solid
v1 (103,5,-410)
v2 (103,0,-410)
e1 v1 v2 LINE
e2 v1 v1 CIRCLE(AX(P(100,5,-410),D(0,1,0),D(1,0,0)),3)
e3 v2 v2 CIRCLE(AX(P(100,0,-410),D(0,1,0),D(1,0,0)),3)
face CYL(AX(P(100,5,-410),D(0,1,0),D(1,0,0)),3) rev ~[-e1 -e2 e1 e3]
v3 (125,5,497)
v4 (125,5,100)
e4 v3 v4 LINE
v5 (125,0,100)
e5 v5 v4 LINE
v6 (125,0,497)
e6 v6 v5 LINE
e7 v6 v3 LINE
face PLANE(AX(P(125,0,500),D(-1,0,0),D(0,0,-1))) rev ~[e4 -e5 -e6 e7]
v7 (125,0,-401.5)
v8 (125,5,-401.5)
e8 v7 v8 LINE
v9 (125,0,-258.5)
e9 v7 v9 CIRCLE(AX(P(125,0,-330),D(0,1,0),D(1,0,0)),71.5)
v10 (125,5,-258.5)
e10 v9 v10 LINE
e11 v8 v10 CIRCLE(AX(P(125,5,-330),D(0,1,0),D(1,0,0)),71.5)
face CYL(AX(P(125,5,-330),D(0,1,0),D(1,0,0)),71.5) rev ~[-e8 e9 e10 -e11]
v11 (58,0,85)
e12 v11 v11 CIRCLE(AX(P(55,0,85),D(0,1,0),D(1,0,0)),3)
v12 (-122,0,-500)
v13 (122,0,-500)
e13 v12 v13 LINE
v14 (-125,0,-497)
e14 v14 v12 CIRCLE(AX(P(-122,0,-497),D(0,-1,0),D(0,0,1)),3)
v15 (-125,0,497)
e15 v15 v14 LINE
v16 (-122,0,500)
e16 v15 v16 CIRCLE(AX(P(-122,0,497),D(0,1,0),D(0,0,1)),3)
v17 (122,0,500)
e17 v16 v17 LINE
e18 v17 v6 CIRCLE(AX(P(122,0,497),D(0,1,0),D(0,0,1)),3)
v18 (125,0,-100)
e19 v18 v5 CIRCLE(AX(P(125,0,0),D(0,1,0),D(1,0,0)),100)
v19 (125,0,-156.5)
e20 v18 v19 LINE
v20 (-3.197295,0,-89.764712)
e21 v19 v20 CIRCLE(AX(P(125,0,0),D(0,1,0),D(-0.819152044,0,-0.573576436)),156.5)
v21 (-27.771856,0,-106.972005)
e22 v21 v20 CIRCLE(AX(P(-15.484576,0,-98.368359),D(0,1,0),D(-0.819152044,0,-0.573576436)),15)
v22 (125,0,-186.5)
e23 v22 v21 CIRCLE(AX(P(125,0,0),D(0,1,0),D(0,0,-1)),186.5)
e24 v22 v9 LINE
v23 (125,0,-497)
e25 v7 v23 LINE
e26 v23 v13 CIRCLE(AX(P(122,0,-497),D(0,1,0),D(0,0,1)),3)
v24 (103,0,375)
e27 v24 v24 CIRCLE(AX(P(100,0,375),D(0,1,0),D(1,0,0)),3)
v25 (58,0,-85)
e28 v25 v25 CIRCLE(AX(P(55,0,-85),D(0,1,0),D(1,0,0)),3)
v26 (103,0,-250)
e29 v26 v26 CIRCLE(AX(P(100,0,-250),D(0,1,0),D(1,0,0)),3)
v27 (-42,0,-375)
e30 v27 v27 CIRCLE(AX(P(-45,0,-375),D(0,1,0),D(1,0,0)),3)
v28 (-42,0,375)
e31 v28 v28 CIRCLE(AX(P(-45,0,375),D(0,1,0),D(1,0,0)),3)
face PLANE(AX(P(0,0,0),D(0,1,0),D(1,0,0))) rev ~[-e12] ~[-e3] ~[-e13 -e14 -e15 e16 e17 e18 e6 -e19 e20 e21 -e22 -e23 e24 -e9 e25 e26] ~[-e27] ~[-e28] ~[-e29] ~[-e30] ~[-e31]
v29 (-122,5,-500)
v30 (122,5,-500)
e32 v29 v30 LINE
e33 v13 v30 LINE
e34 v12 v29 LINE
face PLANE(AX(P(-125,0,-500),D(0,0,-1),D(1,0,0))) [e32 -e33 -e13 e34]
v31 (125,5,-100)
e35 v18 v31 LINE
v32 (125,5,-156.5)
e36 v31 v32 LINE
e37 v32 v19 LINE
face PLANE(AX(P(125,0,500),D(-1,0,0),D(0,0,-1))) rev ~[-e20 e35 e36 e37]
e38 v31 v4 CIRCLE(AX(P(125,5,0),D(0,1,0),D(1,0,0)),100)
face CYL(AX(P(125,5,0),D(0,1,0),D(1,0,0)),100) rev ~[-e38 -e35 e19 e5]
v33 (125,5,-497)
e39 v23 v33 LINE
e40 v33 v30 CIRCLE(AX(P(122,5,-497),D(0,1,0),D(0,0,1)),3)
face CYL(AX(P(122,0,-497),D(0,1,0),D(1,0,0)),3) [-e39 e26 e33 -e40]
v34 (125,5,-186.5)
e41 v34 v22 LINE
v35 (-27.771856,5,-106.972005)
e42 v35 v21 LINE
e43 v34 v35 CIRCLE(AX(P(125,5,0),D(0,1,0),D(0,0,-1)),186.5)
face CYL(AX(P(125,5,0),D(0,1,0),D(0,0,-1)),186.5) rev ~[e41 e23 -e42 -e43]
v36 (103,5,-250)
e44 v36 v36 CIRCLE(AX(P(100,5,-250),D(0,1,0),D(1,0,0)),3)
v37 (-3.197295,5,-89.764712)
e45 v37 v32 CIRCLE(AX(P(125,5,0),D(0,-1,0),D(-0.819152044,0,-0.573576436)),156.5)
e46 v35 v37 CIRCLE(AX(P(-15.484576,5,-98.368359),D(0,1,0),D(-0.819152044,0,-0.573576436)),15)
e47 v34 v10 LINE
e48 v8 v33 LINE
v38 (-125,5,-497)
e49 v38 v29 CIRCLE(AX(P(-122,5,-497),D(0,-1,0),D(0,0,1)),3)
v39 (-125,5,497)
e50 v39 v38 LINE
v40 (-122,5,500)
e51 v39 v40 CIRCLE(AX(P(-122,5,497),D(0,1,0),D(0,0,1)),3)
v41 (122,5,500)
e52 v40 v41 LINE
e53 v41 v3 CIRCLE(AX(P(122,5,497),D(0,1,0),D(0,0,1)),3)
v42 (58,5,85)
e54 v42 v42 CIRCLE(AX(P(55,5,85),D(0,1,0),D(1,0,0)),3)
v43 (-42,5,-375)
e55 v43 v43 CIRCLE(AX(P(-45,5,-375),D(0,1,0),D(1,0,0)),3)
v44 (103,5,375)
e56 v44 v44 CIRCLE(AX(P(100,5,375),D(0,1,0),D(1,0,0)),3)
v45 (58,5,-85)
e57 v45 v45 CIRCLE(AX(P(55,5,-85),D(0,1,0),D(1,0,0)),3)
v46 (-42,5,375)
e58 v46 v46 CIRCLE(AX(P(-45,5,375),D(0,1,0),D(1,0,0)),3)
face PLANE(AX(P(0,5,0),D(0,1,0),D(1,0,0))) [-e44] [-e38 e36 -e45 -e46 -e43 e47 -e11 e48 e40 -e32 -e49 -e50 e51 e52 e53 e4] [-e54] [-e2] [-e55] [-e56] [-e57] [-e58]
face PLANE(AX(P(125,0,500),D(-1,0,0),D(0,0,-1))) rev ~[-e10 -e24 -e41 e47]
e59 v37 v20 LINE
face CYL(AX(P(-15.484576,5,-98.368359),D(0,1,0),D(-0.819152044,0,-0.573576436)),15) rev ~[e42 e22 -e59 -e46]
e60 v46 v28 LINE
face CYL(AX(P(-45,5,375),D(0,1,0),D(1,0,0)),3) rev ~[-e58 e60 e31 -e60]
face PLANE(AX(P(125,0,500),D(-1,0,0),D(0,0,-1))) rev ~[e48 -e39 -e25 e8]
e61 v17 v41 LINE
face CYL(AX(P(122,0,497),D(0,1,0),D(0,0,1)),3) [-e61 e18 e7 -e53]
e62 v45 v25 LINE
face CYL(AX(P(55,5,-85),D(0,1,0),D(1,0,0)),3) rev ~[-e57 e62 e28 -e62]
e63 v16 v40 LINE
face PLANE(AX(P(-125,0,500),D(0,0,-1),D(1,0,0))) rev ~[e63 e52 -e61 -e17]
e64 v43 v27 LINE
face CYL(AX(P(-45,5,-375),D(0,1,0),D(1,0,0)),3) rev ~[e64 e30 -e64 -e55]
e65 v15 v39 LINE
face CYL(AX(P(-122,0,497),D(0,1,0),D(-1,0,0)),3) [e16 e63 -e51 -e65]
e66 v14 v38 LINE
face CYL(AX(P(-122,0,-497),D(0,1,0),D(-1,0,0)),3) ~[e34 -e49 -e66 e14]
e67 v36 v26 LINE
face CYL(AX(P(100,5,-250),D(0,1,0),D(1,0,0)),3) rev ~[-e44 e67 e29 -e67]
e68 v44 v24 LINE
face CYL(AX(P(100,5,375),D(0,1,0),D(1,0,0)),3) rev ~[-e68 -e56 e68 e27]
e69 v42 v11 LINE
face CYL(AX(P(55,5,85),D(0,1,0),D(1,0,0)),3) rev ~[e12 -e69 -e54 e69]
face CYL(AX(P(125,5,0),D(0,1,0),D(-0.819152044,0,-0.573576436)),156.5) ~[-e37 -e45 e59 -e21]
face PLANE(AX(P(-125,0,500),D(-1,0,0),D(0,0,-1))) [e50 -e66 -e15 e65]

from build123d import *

# Parameters (mm, degrees)
SKETCH1_W           = 250
SKETCH1_H           = 1000
BOSS_EXTRUDE1_DEPTH = 5
FILLET1_R           = 3
CUT_EXTRUDE2_REACH  = 7
SKETCH3_R           = 71.5
SKETCH3_R_2         = 100
SKETCH3_R_3         = 3


with BuildPart() as part:
    # Sketch1 → Boss-Extrude1 (new body)
    with BuildSketch(Plane(origin=(0, 0, 0), x_dir=(1, 0, 0), z_dir=(0, 1, 0))):
        Rectangle(SKETCH1_W, SKETCH1_H)
    extrude(amount=BOSS_EXTRUDE1_DEPTH)

    # Fillet1
    fillet1_edges = [part.edges().sort_by_distance(p)[0] for p in [
        (125, 2.5, 500),
        (-125, 2.5, 500),
        (-125, 2.5, -500),
        (125, 2.5, -500),
    ]]
    fillet(fillet1_edges, radius=FILLET1_R)

    # Sketch3 → Cut-Extrude2 (cut, up to next)
    with BuildSketch(Plane(origin=(0, 5, 0), x_dir=(1, 0, 0), z_dir=(0, 1, 0)), mode=Mode.PRIVATE) as cut_extrude2_sk1:
        with Locations((125, 330)):
            Circle(SKETCH3_R)
    cut_extrude2_tool1 = extrude(cut_extrude2_sk1.sketch, amount=-CUT_EXTRUDE2_REACH, mode=Mode.PRIVATE) & part.part
    add(cut_extrude2_tool1.solids().sort_by_distance((125, 5, -330))[0], mode=Mode.SUBTRACT)
    # Sketch3 → Cut-Extrude2 (cut, up to next)
    with BuildSketch(Plane(origin=(0, 5, 0), x_dir=(1, 0, 0), z_dir=(0, 1, 0)), mode=Mode.PRIVATE) as cut_extrude2_sk2:
        with Locations((125, 0)):
            Circle(SKETCH3_R_2)
    cut_extrude2_tool2 = extrude(cut_extrude2_sk2.sketch, amount=-CUT_EXTRUDE2_REACH, mode=Mode.PRIVATE) & part.part
    add(cut_extrude2_tool2.solids().sort_by_distance((125, 5, 0))[0], mode=Mode.SUBTRACT)
    # Sketch3 → Cut-Extrude2 (cut, up to next)
    with BuildSketch(Plane(origin=(0, 5, 0), x_dir=(1, 0, 0), z_dir=(0, 1, 0)), mode=Mode.PRIVATE) as cut_extrude2_sk3:
        with Locations((-45, -375)):
            Circle(SKETCH3_R_3)
    cut_extrude2_tool3 = extrude(cut_extrude2_sk3.sketch, amount=-CUT_EXTRUDE2_REACH, mode=Mode.PRIVATE) & part.part
    add(cut_extrude2_tool3.solids().sort_by_distance((-45, 5, 375))[0], mode=Mode.SUBTRACT)
    # Sketch3 → Cut-Extrude2 (cut, up to next)
    with BuildSketch(Plane(origin=(0, 5, 0), x_dir=(1, 0, 0), z_dir=(0, 1, 0)), mode=Mode.PRIVATE) as cut_extrude2_sk4:
        with Locations((-45, 375)):
            Circle(SKETCH3_R_3)
    cut_extrude2_tool4 = extrude(cut_extrude2_sk4.sketch, amount=-CUT_EXTRUDE2_REACH, mode=Mode.PRIVATE) & part.part
    add(cut_extrude2_tool4.solids().sort_by_distance((-45, 5, -375))[0], mode=Mode.SUBTRACT)
    # Sketch3 → Cut-Extrude2 (cut, up to next)
    with BuildSketch(Plane(origin=(0, 5, 0), x_dir=(1, 0, 0), z_dir=(0, 1, 0)), mode=Mode.PRIVATE) as cut_extrude2_sk5:
        with Locations((55, -85)):
            Circle(SKETCH3_R_3)
    cut_extrude2_tool5 = extrude(cut_extrude2_sk5.sketch, amount=-CUT_EXTRUDE2_REACH, mode=Mode.PRIVATE) & part.part
    add(cut_extrude2_tool5.solids().sort_by_distance((55, 5, 85))[0], mode=Mode.SUBTRACT)
    # Sketch3 → Cut-Extrude2 (cut, up to next)
    with BuildSketch(Plane(origin=(0, 5, 0), x_dir=(1, 0, 0), z_dir=(0, 1, 0)), mode=Mode.PRIVATE) as cut_extrude2_sk6:
        with Locations((55, 85)):
            Circle(SKETCH3_R_3)
    cut_extrude2_tool6 = extrude(cut_extrude2_sk6.sketch, amount=-CUT_EXTRUDE2_REACH, mode=Mode.PRIVATE) & part.part
    add(cut_extrude2_tool6.solids().sort_by_distance((55, 5, -85))[0], mode=Mode.SUBTRACT)
    # Sketch3 → Cut-Extrude2 (cut, up to next)
    with BuildSketch(Plane(origin=(0, 5, 0), x_dir=(1, 0, 0), z_dir=(0, 1, 0)), mode=Mode.PRIVATE) as cut_extrude2_sk7:
        with Locations((100, 410)):
            Circle(SKETCH3_R_3)
    cut_extrude2_tool7 = extrude(cut_extrude2_sk7.sketch, amount=-CUT_EXTRUDE2_REACH, mode=Mode.PRIVATE) & part.part
    add(cut_extrude2_tool7.solids().sort_by_distance((100, 5, -410))[0], mode=Mode.SUBTRACT)
    # Sketch3 → Cut-Extrude2 (cut, up to next)
    with BuildSketch(Plane(origin=(0, 5, 0), x_dir=(1, 0, 0), z_dir=(0, 1, 0)), mode=Mode.PRIVATE) as cut_extrude2_sk8:
        with Locations((100, 250)):
            Circle(SKETCH3_R_3)
    cut_extrude2_tool8 = extrude(cut_extrude2_sk8.sketch, amount=-CUT_EXTRUDE2_REACH, mode=Mode.PRIVATE) & part.part
    add(cut_extrude2_tool8.solids().sort_by_distance((100, 5, -250))[0], mode=Mode.SUBTRACT)
    # Sketch3 → Cut-Extrude2 (cut, up to next)
    with BuildSketch(Plane(origin=(0, 5, 0), x_dir=(1, 0, 0), z_dir=(0, 1, 0)), mode=Mode.PRIVATE) as cut_extrude2_sk9:
        with Locations((100, -375)):
            Circle(SKETCH3_R_3)
    cut_extrude2_tool9 = extrude(cut_extrude2_sk9.sketch, amount=-CUT_EXTRUDE2_REACH, mode=Mode.PRIVATE) & part.part
    add(cut_extrude2_tool9.solids().sort_by_distance((100, 5, 375))[0], mode=Mode.SUBTRACT)
    # Sketch3 → Cut-Extrude2 (cut, up to next)
    with BuildSketch(Plane(origin=(0, 5, 0), x_dir=(1, 0, 0), z_dir=(0, 1, 0)), mode=Mode.PRIVATE) as cut_extrude2_sk10:
        with BuildLine():
            ThreePointArc((125, 186.5), (38.883883632, 165.427520388), (-27.77185626, 106.972005379))
            ThreePointArc((-27.77185626, 106.972005379), (-24.088222141, 86.08107817), (-3.197294931, 89.764712289))
            ThreePointArc((-3.197294931, 89.764712289), (52.736342029, 138.817195392), (125, 156.5))
            ThreePointArc((125, 156.5), (140, 171.5), (125, 186.5))
        make_face()
    cut_extrude2_tool10 = extrude(cut_extrude2_sk10.sketch, amount=-CUT_EXTRUDE2_REACH, mode=Mode.PRIVATE) & part.part
    add(cut_extrude2_tool10.solids().sort_by_distance((49.559691, 5, -144.919486))[0], mode=Mode.SUBTRACT)


solid = part.part
